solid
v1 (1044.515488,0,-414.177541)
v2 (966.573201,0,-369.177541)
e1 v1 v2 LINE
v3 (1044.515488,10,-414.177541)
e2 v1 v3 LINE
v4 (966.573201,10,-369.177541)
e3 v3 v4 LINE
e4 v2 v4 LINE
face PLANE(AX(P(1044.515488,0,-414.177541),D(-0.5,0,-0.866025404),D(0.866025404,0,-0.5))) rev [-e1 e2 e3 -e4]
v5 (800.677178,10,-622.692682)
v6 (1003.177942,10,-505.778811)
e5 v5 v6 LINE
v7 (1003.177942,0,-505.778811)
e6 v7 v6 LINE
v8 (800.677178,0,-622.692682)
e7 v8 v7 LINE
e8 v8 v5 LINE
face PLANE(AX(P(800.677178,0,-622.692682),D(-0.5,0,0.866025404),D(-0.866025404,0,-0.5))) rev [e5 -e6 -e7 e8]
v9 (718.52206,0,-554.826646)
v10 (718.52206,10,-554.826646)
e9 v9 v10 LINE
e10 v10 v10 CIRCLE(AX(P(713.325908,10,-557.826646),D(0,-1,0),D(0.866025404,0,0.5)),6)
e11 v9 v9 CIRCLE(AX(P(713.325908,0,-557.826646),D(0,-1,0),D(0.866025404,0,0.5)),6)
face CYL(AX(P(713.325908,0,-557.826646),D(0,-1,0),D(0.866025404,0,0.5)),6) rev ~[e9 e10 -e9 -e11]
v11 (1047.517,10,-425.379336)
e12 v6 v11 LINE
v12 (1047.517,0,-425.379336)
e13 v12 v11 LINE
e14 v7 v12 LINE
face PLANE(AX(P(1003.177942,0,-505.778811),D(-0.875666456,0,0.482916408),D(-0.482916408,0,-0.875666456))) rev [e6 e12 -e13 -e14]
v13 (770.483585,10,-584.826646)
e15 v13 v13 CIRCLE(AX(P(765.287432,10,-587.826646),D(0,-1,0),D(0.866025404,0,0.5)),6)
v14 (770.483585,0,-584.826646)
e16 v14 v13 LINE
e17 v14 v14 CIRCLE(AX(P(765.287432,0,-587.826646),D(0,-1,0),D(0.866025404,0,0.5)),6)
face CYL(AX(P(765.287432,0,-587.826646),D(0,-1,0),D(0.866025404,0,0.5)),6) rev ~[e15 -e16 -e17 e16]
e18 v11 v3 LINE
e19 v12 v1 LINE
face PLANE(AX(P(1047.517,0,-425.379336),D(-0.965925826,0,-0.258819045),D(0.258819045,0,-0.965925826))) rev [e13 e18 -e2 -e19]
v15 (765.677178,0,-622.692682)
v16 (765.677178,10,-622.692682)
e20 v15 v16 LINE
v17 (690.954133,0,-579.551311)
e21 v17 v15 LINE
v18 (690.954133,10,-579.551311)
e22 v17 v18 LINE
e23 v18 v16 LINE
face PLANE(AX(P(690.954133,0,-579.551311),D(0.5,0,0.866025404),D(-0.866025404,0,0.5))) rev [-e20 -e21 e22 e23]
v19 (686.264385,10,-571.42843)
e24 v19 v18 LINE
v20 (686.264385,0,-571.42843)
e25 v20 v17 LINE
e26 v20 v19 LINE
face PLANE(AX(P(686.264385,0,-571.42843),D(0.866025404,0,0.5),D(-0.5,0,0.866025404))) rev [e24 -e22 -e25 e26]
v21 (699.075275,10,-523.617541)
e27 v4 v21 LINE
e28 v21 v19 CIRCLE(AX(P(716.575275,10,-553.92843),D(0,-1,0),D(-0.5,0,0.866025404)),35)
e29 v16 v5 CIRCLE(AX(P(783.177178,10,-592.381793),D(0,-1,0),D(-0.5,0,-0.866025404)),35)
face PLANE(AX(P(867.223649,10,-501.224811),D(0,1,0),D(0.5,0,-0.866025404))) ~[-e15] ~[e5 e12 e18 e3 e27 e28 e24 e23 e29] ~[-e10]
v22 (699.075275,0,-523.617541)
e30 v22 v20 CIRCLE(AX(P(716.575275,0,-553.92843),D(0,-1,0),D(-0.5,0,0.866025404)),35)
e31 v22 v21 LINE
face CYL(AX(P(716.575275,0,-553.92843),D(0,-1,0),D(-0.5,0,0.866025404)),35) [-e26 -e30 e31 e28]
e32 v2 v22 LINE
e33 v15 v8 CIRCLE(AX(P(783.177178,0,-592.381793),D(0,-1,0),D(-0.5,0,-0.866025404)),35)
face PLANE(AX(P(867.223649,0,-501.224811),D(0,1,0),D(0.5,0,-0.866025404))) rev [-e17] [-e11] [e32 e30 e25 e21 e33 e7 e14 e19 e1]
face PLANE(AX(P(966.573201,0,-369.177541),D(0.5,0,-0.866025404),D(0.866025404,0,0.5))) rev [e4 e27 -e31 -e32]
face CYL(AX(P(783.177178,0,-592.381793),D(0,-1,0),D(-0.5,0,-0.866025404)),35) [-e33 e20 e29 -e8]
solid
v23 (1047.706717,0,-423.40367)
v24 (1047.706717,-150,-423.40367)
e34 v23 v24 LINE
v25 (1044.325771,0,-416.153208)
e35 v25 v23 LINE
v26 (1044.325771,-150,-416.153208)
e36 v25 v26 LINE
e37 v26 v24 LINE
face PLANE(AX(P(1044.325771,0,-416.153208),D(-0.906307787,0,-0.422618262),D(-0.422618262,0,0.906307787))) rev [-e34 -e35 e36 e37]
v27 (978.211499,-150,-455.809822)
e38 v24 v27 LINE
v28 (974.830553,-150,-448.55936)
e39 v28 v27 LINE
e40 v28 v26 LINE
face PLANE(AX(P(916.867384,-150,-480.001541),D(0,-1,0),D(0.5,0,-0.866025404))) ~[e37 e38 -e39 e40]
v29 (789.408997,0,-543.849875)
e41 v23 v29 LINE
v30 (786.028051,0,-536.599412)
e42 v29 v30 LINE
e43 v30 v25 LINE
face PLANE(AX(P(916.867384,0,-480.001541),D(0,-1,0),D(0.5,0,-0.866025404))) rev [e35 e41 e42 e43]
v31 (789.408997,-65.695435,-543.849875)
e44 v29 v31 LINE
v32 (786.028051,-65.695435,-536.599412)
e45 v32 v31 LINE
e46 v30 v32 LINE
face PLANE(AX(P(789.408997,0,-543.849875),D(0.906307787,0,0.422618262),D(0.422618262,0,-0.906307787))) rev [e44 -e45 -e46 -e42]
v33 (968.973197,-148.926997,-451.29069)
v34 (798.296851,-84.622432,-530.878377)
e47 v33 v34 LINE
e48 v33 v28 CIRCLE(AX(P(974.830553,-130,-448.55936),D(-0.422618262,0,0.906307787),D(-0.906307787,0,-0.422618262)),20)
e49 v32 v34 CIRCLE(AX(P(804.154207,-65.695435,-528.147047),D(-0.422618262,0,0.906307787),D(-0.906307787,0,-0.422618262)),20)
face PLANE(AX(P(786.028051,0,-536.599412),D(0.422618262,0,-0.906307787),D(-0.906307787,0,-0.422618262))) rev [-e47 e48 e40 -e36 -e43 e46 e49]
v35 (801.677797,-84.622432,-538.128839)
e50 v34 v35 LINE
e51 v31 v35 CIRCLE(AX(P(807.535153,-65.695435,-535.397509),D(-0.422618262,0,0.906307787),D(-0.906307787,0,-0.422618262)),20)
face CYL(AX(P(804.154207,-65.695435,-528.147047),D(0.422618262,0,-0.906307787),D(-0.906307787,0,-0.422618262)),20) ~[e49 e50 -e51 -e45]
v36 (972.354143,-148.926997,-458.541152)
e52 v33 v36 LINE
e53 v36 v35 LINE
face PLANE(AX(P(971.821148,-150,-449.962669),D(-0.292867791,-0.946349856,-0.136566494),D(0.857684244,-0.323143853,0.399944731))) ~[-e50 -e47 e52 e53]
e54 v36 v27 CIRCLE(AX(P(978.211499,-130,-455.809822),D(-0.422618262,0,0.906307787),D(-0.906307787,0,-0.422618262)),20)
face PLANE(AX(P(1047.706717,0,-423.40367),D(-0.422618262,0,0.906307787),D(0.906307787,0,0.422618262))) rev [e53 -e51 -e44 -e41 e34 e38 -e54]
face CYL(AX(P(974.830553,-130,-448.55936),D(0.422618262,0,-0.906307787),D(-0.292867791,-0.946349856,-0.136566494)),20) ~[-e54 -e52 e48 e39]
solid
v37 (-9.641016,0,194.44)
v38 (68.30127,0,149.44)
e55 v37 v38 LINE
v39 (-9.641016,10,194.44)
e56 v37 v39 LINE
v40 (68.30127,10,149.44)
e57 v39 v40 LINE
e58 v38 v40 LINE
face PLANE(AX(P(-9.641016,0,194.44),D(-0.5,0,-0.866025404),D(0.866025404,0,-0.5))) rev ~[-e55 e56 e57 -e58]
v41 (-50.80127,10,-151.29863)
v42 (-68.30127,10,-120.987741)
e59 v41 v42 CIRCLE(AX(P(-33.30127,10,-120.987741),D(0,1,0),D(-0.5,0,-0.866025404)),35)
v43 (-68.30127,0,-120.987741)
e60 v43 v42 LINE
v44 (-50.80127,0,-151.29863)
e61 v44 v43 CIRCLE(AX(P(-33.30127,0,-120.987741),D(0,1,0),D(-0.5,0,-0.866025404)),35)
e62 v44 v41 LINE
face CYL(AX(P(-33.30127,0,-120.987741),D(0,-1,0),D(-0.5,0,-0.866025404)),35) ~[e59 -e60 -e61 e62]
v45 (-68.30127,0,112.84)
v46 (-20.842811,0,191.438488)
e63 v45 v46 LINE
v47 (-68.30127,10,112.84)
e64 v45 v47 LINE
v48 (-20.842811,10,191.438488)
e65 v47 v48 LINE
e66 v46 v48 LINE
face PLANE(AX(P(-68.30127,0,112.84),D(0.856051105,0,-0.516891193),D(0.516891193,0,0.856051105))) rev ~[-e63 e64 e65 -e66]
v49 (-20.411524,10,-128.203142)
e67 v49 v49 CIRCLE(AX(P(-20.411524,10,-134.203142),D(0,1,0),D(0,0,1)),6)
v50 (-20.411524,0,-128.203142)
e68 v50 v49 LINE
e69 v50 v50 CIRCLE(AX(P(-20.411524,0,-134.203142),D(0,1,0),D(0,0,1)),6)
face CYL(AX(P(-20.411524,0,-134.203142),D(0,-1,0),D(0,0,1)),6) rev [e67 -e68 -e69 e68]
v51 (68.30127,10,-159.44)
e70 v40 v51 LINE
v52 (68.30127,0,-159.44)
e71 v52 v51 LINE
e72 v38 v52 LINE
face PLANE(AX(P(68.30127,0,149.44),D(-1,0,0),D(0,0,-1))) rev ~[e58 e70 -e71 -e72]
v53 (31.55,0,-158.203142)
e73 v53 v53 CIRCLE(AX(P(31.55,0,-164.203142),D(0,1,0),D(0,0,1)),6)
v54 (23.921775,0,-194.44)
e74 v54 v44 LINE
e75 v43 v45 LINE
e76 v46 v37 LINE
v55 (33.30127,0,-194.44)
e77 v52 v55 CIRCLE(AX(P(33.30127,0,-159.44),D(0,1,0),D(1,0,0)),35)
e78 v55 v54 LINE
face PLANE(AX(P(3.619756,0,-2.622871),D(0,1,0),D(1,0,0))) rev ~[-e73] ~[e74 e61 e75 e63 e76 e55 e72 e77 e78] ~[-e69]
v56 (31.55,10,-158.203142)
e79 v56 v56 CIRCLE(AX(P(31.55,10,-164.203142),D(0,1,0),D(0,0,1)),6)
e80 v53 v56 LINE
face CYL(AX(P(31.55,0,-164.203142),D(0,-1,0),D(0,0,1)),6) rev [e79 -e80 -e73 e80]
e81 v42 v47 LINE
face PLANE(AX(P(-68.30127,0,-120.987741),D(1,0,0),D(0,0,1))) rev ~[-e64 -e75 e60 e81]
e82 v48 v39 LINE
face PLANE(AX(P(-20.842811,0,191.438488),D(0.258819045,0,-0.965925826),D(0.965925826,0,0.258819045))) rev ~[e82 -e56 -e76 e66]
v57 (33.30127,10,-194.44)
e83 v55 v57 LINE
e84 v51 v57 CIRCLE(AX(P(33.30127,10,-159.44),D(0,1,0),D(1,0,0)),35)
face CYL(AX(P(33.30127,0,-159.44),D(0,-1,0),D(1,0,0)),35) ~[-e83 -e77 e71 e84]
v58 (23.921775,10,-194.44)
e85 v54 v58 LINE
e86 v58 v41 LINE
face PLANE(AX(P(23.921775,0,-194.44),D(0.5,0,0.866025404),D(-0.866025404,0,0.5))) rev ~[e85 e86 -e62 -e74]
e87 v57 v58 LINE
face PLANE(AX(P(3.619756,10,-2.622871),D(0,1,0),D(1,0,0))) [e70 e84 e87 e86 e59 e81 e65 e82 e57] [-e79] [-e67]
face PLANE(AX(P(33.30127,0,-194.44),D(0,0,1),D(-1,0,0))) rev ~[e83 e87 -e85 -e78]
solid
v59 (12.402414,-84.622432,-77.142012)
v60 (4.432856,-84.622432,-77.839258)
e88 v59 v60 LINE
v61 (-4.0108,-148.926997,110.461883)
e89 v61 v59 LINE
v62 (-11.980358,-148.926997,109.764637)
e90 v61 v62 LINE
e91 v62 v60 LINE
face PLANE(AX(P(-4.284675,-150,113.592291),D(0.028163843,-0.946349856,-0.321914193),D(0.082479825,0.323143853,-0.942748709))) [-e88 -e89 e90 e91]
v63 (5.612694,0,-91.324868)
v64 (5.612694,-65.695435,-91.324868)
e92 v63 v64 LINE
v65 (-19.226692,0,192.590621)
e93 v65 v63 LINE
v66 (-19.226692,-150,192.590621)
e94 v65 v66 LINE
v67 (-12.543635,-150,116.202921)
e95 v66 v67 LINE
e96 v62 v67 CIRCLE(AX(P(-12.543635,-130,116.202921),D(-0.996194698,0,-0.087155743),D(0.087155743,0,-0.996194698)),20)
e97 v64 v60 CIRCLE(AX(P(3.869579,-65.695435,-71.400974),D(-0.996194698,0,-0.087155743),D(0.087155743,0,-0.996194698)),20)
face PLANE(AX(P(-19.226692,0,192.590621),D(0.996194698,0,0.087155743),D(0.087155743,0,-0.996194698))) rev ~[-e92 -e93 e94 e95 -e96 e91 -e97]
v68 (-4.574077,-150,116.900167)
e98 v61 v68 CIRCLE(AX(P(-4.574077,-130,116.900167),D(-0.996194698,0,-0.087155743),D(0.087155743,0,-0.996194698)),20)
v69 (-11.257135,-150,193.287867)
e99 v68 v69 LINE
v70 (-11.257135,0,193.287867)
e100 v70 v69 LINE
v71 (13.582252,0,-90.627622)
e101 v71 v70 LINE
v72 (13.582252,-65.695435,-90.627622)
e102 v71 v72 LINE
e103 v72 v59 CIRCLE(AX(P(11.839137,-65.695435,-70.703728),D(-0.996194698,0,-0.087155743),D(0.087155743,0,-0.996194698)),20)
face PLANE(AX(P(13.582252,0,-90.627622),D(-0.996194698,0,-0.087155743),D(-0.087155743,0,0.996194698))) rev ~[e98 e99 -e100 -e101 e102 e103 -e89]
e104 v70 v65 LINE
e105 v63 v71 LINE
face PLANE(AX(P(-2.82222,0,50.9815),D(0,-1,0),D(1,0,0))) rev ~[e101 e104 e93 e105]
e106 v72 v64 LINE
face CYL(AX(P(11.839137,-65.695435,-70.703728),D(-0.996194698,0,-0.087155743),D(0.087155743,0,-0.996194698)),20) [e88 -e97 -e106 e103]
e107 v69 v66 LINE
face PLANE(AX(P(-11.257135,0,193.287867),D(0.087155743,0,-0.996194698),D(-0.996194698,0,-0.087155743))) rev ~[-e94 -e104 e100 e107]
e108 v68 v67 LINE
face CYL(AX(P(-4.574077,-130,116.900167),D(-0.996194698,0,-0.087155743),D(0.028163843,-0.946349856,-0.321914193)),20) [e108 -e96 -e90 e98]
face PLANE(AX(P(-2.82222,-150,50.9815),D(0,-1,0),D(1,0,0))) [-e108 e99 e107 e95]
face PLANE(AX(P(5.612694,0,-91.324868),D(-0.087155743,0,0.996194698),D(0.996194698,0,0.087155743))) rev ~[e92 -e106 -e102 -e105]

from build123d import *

# Parameters (mm, degrees)
SKETCH1_R           = 6
BOSS_EXTRUDE1_DEPTH = 10
EXTRUDE_THIN1_DEPTH = 150
CUT_EXTRUDE1_DEPTH  = 8
FILLET1_R           = 20


with BuildPart() as part:
    # Sketch1 → Boss-Extrude1 (new body)
    with BuildSketch(Plane(origin=(0, 0, 0), x_dir=(1, 0, 0), z_dir=(0, 1, 0))):
        with BuildLine():
            Line((23.921775059, 194.44), (-50.80127019, 151.298629711))
            ThreePointArc((-50.80127019, 151.298629711), (-63.612159322, 138.487740578), (-68.30127019, 120.987740578))
            Line((-68.30127019, 120.987740578), (-68.30127019, -112.84))
            Line((-68.30127019, -112.84), (-20.842811266, -191.438488045))
            Line((-20.842811266, -191.438488045), (-9.641016151, -194.44))
            Line((-9.641016151, -194.44), (68.30127019, -149.44))
            Line((68.30127019, -149.44), (68.30127019, 159.44))
            ThreePointArc((68.30127019, 159.44), (58.050007532, 184.188737342), (33.30127019, 194.44))
            Line((33.30127019, 194.44), (23.921775059, 194.44))
        make_face()
        with Locations(Location((31.55, 164.203141572, 0), (0, 0, 270))):
            Circle(SKETCH1_R, mode=Mode.SUBTRACT)
        with Locations(Location((-20.411524227, 134.203141572, 0), (0, 0, 270))):
            Circle(SKETCH1_R, mode=Mode.SUBTRACT)
    extrude(amount=BOSS_EXTRUDE1_DEPTH)


with BuildPart() as body_2:
    # Sketch2 → Extrude-Thin1 (new body)
    with BuildSketch(Plane.XZ):
        Polygon((-19.2266925, 192.590621052), (5.612694183, -91.324867905), (13.582251767, -90.627621963), (-11.257134916, 193.287866994), align=None)
    extrude(amount=EXTRUDE_THIN1_DEPTH)

    # Sketch3 → Cut-Extrude1 (cut)
    with BuildSketch(Plane(origin=(5.610418606, 0, 0.490848026), x_dir=(0.08715574274766193, 0, -0.9961946980917453), z_dir=(0.9961946980917453, 0, 0.08715574274766193))):
        Polygon((91.466527741, -150), (-113.533472259, -150), (91.466527741, -80), align=None)
    extrude(amount=-CUT_EXTRUDE1_DEPTH, mode=Mode.SUBTRACT)

    # Fillet1
    fillet1_edges = [body_2.edges().sort_by_distance(p)[0] for p in [
        (-8.269454288, -150, 113.243668175),
        (9.597472975, -80, -90.976244934),
    ]]
    fillet(fillet1_edges, radius=FILLET1_R)


with BuildPart() as body_3:
    # Mirror2: mirrored copy
    add(part.part.mirror(Plane(origin=(435.6525, 0, -251.524088148), x_dir=(0.49999999999999495, 0, 0.8660254037844416), z_dir=(-0.8660254037844416, 0, 0.49999999999999495))))


with BuildPart() as body_4:
    # Mirror2 2: mirrored copy
    add(body_2.part.mirror(Plane(origin=(435.6525, 0, -251.524088148), x_dir=(0.49999999999999495, 0, 0.8660254037844416), z_dir=(-0.8660254037844416, 0, 0.49999999999999495))))


solid = Compound([part.part, body_2.part, body_3.part, body_4.part])
